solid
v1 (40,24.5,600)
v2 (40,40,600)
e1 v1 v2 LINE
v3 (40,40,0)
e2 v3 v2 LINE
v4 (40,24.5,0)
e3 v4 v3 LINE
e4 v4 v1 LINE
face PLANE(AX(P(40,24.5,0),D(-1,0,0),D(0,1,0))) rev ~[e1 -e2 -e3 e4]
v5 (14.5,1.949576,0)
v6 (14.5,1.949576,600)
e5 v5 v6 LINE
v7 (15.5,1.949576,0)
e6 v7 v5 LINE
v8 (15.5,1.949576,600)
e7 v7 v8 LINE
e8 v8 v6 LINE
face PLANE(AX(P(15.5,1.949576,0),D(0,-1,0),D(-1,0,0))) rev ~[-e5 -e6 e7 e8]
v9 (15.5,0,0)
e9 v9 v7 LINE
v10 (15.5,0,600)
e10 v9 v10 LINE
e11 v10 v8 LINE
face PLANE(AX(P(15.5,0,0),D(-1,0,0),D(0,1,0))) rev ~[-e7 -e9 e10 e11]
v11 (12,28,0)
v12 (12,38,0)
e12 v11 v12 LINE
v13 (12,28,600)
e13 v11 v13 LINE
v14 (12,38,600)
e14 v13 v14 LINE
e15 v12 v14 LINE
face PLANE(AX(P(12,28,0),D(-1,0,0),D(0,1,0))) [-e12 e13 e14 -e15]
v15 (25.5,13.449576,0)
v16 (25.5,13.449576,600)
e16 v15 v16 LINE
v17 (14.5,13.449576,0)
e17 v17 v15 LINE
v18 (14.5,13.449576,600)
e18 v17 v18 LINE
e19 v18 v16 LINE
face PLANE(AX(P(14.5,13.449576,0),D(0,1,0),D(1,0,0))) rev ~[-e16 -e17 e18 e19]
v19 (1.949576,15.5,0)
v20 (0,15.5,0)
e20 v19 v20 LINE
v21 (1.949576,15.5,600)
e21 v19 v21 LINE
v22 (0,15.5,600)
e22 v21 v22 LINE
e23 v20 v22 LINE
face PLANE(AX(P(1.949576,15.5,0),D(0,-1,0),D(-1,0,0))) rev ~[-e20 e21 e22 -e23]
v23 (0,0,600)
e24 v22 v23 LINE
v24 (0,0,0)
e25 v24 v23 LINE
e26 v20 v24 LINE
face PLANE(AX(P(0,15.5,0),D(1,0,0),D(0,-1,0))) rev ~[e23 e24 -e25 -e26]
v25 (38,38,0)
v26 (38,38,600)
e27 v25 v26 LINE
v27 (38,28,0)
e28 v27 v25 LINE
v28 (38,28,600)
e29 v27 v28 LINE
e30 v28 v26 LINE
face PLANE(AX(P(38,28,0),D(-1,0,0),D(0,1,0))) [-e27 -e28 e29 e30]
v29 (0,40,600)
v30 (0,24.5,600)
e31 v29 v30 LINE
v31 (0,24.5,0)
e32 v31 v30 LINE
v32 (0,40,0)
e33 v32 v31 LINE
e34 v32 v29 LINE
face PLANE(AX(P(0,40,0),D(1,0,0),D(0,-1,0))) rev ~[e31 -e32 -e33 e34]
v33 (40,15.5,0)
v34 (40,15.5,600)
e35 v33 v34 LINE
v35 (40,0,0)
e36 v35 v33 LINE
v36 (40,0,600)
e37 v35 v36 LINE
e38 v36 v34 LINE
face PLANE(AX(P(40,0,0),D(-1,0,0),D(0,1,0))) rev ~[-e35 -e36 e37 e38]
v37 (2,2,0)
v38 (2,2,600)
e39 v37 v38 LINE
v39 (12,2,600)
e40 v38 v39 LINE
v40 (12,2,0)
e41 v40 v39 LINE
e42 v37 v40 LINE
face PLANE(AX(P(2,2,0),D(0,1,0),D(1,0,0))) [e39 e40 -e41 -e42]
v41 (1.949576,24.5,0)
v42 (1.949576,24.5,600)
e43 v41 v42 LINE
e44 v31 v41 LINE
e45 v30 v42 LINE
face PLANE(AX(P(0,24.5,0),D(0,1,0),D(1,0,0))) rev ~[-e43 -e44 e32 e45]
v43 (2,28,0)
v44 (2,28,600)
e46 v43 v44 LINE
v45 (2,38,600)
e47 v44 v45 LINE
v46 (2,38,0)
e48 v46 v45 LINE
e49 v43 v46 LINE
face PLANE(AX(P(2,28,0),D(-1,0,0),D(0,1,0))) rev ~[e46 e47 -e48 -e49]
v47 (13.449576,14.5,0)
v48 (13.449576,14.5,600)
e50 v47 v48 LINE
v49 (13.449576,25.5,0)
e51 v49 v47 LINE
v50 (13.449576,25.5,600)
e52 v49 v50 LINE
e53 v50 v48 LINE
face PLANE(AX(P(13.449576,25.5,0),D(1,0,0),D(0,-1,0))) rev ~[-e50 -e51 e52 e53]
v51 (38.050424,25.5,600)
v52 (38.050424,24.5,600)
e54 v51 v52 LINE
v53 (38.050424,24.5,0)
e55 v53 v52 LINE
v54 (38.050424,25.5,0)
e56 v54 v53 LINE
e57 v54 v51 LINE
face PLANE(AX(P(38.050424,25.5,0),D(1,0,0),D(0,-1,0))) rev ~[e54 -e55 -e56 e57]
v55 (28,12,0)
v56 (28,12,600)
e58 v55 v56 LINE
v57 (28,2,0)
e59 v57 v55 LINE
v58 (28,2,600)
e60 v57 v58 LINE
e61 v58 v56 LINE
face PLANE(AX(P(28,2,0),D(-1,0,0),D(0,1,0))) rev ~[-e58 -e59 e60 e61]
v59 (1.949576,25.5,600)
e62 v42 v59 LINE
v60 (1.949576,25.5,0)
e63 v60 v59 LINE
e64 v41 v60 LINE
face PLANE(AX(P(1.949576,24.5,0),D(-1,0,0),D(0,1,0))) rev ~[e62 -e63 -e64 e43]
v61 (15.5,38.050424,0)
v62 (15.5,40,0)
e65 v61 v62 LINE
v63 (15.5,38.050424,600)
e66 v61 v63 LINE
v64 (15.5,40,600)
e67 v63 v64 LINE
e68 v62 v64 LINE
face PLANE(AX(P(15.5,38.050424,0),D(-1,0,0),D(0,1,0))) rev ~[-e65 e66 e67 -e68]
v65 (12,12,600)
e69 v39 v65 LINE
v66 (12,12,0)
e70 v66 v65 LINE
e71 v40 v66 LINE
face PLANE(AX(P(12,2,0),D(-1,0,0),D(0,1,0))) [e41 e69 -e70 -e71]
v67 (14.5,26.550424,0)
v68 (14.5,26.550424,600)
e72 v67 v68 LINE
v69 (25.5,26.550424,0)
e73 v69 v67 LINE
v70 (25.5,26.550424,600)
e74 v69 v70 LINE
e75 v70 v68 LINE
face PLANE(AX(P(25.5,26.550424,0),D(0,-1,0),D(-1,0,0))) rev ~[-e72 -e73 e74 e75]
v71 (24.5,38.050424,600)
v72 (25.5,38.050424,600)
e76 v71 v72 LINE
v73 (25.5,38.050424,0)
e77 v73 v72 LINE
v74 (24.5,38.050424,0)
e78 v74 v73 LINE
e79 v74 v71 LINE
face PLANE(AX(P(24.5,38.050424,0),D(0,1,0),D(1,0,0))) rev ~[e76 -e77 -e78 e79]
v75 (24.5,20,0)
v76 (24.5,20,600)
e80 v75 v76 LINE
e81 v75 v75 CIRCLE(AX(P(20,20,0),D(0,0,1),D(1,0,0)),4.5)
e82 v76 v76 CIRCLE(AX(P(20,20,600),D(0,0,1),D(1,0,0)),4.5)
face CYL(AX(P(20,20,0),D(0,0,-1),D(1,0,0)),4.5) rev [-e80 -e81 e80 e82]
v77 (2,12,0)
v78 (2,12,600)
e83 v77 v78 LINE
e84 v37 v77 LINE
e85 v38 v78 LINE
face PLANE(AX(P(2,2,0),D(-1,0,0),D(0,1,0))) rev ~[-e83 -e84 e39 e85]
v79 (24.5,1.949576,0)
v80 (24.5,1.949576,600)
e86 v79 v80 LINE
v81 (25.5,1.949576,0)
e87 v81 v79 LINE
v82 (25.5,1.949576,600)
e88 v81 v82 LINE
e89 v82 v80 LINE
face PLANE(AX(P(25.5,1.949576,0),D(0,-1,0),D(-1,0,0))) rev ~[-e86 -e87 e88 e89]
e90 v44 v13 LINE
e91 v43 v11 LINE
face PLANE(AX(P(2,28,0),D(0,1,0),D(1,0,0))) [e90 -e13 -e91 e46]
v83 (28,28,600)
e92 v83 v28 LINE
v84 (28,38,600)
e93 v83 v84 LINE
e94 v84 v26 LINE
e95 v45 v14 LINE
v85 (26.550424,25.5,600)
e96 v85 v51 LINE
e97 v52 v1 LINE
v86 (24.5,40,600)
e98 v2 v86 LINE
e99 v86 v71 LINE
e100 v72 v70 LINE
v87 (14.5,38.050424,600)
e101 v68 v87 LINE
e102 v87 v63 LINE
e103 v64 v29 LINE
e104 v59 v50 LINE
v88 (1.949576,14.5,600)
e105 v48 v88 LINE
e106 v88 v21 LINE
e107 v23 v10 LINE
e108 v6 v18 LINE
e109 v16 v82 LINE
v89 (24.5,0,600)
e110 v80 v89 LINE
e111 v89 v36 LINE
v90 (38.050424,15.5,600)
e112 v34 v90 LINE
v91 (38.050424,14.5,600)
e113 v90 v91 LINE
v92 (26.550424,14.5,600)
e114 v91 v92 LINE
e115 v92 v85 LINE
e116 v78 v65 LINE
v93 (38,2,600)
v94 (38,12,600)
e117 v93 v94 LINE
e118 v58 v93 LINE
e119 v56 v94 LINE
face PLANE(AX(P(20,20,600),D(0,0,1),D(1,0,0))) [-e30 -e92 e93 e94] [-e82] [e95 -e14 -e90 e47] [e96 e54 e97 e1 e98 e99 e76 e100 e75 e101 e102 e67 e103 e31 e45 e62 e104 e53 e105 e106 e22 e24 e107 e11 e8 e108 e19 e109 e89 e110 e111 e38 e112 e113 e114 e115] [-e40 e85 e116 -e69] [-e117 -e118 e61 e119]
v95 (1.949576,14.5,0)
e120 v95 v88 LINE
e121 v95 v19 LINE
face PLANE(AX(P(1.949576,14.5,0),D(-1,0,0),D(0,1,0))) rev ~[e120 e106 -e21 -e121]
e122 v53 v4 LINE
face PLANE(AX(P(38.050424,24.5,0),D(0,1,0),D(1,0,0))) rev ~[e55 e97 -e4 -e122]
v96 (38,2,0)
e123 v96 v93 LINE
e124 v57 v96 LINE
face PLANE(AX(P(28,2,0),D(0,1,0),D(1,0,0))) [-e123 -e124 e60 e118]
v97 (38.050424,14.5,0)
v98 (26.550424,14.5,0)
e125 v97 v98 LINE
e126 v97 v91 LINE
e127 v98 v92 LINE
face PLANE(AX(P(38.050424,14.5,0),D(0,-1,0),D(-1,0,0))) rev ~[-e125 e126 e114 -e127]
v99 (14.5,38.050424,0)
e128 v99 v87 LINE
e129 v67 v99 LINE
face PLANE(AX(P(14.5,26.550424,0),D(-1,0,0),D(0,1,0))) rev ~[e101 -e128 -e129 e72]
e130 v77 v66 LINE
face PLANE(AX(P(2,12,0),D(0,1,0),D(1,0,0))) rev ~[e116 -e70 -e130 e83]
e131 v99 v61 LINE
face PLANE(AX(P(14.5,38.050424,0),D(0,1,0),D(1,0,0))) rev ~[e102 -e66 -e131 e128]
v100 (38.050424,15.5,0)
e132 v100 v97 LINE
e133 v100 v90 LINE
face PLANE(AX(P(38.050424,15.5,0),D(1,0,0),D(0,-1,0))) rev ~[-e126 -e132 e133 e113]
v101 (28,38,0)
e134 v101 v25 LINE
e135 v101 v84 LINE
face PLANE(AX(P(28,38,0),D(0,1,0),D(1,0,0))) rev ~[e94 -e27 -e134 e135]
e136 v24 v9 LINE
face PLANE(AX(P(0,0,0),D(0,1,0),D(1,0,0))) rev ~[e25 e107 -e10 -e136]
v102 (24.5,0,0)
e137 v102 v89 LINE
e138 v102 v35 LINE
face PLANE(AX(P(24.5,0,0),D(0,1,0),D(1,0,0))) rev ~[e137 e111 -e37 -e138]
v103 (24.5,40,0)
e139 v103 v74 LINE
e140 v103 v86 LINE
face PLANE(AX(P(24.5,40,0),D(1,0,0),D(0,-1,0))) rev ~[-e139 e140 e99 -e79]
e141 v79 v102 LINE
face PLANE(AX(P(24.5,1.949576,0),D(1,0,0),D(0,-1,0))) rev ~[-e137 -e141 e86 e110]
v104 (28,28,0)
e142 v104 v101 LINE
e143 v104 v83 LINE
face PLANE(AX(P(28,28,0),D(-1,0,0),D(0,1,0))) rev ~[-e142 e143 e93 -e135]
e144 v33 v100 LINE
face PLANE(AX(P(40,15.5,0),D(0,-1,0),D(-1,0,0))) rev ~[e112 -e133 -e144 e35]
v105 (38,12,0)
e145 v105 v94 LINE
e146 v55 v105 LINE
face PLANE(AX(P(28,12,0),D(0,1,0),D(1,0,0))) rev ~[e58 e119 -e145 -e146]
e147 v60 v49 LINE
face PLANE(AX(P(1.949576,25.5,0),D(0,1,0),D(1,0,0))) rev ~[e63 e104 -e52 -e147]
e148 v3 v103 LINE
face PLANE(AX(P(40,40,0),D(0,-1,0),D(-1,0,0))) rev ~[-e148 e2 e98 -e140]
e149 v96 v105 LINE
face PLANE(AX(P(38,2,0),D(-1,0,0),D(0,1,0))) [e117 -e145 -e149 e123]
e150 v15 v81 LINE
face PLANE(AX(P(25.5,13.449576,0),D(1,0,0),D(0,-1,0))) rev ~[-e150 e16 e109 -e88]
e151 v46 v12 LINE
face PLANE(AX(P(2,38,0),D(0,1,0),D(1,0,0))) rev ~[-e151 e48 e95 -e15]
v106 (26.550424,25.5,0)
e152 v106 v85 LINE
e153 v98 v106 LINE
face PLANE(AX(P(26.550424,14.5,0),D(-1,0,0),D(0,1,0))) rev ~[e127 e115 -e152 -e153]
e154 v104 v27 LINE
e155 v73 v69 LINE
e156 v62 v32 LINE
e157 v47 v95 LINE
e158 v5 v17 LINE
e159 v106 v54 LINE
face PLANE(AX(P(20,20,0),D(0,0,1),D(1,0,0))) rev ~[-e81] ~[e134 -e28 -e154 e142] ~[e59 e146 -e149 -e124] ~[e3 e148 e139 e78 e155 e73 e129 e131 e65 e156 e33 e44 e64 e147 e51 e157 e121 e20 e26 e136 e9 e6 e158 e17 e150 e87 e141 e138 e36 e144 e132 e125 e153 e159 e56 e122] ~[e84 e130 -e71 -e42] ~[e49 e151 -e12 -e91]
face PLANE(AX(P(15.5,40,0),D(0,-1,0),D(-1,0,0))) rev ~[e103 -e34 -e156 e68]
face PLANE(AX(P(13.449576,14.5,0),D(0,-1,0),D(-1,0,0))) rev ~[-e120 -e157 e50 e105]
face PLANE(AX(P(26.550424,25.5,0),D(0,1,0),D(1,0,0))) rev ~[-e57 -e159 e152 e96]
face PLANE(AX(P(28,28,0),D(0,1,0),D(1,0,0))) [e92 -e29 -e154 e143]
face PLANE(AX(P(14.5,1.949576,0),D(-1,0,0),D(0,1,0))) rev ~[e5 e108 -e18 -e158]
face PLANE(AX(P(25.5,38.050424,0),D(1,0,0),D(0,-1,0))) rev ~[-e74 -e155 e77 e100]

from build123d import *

# Parameters (mm, degrees)
SKETCH_1_R      = 4.5
SKETCH_1_W      = 10
SKETCH_1_H      = 10
EXTRUDE_1_DEPTH = 600


with BuildPart() as part:
    # 草图1 → 凸台-拉伸1 (new body)
    with BuildSketch(Plane.XY):
        Polygon((0, 0), (15.5, 0), (15.5, 1.949576264), (14.5, 1.949576264), (14.5, 13.449576264), (25.5, 13.449576264), (25.5, 1.949576264), (24.5, 1.949576264), (24.5, 0), (40, 0), (40, 15.5), (38.050423736, 15.5), (38.050423736, 14.5), (26.550423736, 14.5), (26.550423736, 25.5), (38.050423736, 25.5), (38.050423736, 24.5), (40, 24.5), (40, 40), (24.5, 40), (24.5, 38.050423736), (25.5, 38.050423736), (25.5, 26.550423736), (14.5, 26.550423736), (14.5, 38.050423736), (15.5, 38.050423736), (15.5, 40), (0, 40), (0, 24.5), (1.949576264, 24.5), (1.949576264, 25.5), (13.449576264, 25.5), (13.449576264, 14.5), (1.949576264, 14.5), (1.949576264, 15.5), (0, 15.5), align=None)
        with Locations((20, 20)):
            Circle(SKETCH_1_R, mode=Mode.SUBTRACT)
        with Locations((7, 33)):
            Rectangle(SKETCH_1_W, SKETCH_1_H, mode=Mode.SUBTRACT)
        with Locations((7, 7)):
            Rectangle(SKETCH_1_W, SKETCH_1_H, mode=Mode.SUBTRACT)
        with Locations((33, 33)):
            Rectangle(SKETCH_1_W, SKETCH_1_H, mode=Mode.SUBTRACT)
        with Locations((33, 7)):
            Rectangle(SKETCH_1_W, SKETCH_1_H, mode=Mode.SUBTRACT)
    extrude(amount=EXTRUDE_1_DEPTH)


solid = part.part
